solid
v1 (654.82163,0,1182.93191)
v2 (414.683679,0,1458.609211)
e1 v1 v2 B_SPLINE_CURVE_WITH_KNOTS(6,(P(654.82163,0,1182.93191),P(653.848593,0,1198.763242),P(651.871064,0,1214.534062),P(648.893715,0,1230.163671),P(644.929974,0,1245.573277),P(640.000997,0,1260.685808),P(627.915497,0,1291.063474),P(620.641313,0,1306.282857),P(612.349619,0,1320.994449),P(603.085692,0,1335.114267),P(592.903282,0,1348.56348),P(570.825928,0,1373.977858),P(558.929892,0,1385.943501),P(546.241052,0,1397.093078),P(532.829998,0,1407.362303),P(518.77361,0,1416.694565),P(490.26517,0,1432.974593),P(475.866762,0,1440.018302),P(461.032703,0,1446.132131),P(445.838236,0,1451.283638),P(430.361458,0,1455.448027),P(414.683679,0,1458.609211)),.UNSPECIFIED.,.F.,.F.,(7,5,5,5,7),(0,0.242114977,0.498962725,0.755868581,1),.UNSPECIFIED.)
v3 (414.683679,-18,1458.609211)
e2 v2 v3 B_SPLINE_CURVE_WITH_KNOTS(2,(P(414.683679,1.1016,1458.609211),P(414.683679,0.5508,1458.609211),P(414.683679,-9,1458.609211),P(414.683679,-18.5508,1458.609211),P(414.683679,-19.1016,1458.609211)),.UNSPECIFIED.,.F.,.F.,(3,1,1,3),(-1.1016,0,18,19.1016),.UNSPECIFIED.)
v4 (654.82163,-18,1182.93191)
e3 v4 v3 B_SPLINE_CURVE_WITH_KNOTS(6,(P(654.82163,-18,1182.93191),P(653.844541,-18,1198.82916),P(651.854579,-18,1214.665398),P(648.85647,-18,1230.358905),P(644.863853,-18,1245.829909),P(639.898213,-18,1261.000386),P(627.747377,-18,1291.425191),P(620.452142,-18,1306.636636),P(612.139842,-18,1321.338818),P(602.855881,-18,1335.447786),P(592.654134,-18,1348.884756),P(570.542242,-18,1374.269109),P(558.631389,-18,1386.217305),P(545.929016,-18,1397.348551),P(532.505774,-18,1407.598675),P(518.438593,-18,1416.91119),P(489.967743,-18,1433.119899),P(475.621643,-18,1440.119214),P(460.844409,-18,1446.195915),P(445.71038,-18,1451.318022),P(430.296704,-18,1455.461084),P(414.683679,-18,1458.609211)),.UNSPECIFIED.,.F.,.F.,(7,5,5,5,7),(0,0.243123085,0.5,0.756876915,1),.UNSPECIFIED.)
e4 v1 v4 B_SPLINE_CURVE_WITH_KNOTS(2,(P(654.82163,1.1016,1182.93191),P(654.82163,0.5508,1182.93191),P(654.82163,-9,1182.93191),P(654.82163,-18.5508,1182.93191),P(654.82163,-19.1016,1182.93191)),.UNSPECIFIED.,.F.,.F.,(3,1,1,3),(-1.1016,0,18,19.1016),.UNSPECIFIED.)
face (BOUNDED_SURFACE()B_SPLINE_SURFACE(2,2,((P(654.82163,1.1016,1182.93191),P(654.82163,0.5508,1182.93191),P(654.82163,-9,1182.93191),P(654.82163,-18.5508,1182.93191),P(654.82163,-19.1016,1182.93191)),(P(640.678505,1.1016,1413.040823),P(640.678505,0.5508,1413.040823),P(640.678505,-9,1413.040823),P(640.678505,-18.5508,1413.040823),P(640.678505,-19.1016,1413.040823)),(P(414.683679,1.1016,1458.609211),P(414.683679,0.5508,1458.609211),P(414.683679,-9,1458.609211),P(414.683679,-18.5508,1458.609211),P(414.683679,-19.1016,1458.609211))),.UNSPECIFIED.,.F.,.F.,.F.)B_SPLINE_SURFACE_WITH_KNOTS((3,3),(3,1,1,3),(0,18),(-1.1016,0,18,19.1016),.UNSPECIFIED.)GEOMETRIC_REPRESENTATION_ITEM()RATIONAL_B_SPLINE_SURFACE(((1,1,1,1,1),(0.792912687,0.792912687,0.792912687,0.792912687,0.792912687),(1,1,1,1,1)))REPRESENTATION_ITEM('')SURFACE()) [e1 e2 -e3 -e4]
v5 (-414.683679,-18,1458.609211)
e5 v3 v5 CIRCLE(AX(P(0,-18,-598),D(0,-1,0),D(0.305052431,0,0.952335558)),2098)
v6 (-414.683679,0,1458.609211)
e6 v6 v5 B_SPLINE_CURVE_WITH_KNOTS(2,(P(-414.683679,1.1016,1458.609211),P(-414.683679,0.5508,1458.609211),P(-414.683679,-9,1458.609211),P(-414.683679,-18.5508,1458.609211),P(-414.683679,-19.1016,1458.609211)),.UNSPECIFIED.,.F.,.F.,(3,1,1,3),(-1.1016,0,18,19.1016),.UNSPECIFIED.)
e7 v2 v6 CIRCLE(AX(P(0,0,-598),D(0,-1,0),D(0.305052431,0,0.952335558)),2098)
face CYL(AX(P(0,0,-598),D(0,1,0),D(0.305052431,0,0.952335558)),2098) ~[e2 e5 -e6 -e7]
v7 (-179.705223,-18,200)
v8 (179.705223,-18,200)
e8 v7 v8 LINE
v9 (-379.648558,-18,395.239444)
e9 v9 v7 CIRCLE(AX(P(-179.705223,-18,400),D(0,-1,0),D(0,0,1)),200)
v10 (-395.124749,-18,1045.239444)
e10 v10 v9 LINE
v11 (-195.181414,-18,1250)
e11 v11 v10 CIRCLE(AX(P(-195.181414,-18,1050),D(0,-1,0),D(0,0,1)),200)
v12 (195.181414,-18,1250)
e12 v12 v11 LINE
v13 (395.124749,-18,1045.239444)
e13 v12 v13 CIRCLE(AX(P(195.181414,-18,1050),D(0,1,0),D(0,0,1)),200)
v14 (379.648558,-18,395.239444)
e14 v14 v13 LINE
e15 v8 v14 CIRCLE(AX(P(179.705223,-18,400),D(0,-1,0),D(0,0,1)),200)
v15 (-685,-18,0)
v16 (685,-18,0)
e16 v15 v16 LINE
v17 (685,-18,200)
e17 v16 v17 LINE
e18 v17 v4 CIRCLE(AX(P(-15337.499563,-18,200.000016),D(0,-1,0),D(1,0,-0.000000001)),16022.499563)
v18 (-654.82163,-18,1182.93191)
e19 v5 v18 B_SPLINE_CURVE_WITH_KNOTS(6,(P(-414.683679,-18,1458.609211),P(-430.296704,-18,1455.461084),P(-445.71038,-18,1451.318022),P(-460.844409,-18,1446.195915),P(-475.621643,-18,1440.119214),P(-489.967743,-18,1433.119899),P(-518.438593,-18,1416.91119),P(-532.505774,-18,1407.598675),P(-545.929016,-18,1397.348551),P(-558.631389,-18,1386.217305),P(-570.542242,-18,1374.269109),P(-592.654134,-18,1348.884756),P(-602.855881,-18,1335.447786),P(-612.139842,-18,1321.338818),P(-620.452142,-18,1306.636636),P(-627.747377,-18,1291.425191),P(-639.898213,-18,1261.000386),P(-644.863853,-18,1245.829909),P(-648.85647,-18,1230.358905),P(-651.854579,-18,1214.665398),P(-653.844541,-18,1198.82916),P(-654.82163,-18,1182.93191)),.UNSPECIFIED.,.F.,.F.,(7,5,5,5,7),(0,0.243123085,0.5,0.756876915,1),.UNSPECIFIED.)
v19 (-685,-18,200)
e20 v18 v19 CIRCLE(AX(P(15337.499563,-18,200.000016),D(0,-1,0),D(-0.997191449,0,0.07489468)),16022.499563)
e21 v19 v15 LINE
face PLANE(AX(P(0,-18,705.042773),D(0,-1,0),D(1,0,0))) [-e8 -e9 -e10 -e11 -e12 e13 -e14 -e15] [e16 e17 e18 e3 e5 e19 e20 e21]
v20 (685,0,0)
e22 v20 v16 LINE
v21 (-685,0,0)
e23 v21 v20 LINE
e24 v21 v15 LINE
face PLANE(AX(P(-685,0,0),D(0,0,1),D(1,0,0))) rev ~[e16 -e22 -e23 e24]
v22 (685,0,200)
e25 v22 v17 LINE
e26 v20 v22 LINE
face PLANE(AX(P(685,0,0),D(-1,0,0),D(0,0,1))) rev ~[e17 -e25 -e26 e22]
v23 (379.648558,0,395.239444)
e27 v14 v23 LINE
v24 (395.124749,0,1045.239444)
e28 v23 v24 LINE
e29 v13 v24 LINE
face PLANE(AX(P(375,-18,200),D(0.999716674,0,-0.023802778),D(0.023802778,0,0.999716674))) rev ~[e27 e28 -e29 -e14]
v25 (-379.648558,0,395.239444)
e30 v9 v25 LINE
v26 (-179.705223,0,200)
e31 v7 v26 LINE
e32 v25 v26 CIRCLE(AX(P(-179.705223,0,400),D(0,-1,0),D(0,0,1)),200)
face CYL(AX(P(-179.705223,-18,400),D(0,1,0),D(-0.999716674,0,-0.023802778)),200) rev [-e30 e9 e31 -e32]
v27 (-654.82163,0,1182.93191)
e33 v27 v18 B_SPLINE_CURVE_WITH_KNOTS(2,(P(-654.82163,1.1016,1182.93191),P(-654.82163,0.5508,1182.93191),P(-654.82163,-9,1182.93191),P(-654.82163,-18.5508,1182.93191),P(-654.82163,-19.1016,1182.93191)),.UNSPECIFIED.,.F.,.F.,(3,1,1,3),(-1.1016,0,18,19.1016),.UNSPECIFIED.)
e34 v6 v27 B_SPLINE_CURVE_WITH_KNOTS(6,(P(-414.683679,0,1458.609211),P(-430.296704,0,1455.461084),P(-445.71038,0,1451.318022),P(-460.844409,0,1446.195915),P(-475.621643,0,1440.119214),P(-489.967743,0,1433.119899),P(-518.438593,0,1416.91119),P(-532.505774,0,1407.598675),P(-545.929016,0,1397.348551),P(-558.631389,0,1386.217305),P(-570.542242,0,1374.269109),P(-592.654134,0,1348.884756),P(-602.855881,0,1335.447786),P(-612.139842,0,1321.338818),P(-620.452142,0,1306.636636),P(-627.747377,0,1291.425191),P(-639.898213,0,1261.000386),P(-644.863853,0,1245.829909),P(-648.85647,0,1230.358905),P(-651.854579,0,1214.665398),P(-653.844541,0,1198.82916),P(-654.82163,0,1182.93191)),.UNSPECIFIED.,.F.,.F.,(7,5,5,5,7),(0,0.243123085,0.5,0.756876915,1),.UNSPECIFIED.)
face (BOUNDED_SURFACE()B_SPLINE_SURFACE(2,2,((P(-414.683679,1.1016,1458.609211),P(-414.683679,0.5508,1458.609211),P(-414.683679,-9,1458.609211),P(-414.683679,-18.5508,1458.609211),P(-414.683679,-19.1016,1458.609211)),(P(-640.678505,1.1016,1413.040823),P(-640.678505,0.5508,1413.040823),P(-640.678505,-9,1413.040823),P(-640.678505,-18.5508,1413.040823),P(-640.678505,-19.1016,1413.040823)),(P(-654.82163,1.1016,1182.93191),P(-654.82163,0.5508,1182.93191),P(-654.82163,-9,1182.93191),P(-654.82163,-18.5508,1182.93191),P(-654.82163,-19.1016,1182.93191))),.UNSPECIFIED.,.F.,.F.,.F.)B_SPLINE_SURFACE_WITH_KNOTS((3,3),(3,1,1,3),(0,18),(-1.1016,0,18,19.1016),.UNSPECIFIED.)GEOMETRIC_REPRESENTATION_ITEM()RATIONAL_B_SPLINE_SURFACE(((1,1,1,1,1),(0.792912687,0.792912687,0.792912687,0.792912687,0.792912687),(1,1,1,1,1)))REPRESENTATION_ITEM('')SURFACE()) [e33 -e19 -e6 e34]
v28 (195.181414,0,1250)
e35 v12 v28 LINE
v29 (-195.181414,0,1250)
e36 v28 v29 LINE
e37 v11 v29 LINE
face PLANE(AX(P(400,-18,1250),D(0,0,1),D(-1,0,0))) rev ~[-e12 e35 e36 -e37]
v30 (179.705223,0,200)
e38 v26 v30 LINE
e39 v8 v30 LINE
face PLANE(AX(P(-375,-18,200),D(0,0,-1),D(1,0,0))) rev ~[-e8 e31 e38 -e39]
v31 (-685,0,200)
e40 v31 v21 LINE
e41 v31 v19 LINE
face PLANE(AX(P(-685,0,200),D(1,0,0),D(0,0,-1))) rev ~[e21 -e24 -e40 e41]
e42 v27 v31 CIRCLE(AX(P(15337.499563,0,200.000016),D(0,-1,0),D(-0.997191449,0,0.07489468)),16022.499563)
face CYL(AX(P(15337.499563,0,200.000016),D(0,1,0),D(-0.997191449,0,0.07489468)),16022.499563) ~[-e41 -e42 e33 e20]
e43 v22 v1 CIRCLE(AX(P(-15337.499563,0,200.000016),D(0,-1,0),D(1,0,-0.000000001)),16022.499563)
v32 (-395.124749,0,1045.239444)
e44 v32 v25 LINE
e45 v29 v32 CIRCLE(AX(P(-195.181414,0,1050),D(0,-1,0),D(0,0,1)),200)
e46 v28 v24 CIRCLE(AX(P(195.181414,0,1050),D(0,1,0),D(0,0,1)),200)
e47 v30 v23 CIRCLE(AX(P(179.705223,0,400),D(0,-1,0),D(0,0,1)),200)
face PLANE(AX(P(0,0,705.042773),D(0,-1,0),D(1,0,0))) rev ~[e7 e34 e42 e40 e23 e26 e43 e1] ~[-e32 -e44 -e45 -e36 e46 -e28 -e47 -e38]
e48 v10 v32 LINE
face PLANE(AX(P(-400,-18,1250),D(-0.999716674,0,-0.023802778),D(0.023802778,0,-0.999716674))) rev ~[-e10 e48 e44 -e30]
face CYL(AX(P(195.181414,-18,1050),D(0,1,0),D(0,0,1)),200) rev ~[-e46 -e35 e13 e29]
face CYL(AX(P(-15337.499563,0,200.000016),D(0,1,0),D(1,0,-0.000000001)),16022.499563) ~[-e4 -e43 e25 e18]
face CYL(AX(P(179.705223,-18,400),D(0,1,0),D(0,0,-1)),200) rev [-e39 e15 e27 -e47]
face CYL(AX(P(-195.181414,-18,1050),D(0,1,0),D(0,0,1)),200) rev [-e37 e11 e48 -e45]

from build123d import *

# Parameters (mm, degrees)
F1_DEPTH = 18
F2_R     = 300
F4_DEPTH = 25
F5_R     = 200


with BuildPart() as f1:
    # F0 (on Front) → F1 (new body)
    with BuildSketch(Plane.XZ):
        with BuildLine():
            Line((-685, 200), (-685, 0))
            Line((-685, 0), (685, 0))
            Line((685, 0), (685, 200))
            ThreePointArc((685, 200), (673.746048, 800.421727), (640, 1400))
            ThreePointArc((640, 1400), (0, 1500), (-640, 1400))
            ThreePointArc((-640, 1400), (-673.746048, 800.421727), (-685, 200))
        make_face()
    extrude(amount=F1_DEPTH)

    # F2
    f2_edges = [f1.edges().sort_by_distance(p)[0] for p in [
        (-640, -9, 1400),
        (640, -9, 1400),
    ]]
    fillet(f2_edges, radius=F2_R)

    # F3 (on face) → F4 (cut)
    with BuildSketch(Plane.XZ.offset(18)):
        Polygon((400, 1250), (-400, 1250), (-375, 200), (375, 200), align=None)
    extrude(amount=-F4_DEPTH, mode=Mode.SUBTRACT)

    # F5
    f5_edges = [f1.edges().sort_by_distance(p)[0] for p in [
        (400, -9, 1250),
        (-400, -9, 1250),
        (-375, -9, 200),
        (375, -9, 200),
    ]]
    fillet(f5_edges, radius=F5_R)


solid = f1.part
